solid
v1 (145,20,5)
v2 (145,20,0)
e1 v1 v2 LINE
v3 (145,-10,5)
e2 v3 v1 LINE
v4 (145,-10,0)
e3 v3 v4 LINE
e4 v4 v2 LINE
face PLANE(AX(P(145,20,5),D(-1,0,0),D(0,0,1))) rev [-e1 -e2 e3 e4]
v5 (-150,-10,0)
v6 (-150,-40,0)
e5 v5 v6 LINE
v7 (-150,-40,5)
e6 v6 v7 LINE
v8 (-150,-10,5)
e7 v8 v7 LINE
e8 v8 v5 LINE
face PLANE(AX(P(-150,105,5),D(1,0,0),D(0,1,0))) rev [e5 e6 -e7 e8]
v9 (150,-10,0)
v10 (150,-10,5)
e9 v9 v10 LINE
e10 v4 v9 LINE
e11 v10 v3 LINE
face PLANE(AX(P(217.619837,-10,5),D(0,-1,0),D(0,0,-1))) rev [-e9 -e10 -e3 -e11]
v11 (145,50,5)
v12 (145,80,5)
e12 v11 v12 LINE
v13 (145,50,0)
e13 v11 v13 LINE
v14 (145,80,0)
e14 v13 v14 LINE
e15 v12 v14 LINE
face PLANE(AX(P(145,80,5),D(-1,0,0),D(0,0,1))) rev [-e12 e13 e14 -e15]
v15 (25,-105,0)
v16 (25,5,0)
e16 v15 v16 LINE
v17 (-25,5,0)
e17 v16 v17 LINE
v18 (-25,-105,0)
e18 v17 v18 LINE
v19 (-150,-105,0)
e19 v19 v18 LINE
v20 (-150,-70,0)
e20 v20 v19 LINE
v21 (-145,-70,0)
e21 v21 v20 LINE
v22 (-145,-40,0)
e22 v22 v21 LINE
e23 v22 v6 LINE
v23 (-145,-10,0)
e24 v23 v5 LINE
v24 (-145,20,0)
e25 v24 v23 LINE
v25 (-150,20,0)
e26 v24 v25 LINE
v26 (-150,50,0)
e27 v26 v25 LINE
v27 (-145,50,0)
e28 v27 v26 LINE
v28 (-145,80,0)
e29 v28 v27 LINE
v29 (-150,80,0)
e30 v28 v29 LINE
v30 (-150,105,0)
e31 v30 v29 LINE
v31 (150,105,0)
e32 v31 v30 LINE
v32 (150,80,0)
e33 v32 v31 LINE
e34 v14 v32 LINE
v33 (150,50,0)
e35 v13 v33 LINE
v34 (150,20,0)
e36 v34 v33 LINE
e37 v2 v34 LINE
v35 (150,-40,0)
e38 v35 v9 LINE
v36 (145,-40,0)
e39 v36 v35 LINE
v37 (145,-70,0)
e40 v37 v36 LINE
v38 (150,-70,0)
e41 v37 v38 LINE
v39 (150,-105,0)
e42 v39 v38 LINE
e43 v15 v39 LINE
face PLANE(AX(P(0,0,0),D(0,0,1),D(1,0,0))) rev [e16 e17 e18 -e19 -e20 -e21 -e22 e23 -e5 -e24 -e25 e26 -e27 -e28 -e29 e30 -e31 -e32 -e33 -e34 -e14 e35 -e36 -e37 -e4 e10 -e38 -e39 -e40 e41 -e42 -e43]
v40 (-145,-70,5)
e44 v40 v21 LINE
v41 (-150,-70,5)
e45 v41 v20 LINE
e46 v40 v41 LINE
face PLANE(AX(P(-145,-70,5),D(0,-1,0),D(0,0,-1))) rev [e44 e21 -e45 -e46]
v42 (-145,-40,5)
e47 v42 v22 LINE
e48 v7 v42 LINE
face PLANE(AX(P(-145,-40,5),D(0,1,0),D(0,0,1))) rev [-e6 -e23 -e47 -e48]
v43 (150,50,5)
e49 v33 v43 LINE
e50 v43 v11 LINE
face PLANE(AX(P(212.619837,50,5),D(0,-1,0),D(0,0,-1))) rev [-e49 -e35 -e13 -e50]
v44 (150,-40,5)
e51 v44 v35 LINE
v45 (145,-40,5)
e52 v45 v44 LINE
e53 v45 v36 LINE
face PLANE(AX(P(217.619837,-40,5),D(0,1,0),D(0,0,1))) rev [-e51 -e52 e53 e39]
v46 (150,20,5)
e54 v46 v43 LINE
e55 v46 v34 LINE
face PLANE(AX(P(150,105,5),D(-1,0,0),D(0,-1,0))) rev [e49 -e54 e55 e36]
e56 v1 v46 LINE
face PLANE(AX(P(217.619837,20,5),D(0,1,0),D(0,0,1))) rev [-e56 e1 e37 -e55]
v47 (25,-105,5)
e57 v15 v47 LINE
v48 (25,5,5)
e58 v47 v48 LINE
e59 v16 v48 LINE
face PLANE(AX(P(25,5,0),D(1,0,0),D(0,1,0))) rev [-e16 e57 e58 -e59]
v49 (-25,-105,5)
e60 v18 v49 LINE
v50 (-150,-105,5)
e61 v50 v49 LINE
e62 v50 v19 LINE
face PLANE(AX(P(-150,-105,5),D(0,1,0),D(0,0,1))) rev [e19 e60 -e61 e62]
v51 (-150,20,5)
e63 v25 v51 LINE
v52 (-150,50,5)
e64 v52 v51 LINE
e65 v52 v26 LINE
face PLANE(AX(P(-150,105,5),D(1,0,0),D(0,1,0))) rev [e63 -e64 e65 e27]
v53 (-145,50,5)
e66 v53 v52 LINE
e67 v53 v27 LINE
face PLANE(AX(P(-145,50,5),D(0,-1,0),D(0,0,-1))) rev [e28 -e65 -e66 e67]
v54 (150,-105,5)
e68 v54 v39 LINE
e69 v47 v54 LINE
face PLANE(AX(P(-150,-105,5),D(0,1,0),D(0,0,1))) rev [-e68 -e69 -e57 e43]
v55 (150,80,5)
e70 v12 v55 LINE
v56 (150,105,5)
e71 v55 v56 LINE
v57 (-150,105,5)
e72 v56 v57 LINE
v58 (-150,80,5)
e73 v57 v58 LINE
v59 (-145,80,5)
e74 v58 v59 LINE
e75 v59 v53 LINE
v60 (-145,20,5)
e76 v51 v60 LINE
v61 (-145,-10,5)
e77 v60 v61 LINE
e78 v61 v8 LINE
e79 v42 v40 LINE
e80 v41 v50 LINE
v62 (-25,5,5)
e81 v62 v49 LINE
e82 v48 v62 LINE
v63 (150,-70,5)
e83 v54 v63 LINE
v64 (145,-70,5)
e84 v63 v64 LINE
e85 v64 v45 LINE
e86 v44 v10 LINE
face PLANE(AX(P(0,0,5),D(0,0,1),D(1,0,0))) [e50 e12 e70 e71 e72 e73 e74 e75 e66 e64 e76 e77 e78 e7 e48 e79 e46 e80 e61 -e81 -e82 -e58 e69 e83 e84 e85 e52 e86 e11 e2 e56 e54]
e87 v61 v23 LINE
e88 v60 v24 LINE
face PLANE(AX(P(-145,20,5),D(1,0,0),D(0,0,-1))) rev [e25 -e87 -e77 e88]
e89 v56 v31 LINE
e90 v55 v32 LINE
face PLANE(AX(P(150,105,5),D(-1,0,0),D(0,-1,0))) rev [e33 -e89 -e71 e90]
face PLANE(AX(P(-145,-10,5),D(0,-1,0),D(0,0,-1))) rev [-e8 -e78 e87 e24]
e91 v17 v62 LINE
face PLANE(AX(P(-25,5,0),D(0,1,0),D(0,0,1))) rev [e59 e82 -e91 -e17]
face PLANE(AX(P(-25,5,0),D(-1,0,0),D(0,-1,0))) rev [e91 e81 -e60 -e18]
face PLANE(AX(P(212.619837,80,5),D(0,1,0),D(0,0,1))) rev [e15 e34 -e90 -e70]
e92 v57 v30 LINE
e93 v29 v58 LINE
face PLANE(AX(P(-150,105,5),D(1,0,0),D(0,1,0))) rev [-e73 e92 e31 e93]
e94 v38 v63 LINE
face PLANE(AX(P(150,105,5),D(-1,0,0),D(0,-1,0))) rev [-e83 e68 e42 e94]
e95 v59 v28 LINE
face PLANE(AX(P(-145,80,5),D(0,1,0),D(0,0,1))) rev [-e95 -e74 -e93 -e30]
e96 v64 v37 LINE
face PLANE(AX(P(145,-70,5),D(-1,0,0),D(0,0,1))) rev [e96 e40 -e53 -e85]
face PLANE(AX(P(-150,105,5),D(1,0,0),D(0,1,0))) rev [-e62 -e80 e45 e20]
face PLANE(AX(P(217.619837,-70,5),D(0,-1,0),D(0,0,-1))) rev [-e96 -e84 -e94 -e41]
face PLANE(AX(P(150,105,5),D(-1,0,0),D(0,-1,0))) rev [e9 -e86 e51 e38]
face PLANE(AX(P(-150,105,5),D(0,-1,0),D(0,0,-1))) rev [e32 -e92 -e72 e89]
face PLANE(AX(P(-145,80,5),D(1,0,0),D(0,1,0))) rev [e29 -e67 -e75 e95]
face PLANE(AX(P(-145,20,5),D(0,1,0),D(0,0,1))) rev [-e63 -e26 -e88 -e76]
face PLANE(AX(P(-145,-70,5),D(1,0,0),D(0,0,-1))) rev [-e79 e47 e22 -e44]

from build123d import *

# Parameters (mm, degrees)
SKETCH1_W           = 300
SKETCH1_H           = 210
BOSS_EXTRUDE1_DEPTH = 5
SKETCH2_W           = 67.619836516
SKETCH2_H           = 30
SKETCH2_W_2         = 72.619836516
SKETCH2_W_3         = 53.212613818
CUT_EXTRUDE1_DEPTH  = 6
SKETCH3_W           = 50
SKETCH3_H           = 110
CUT_EXTRUDE2_DEPTH  = 6


with BuildPart() as part:
    # Sketch1 → Boss-Extrude1 (new body)
    with BuildSketch(Plane.XY):
        Rectangle(SKETCH1_W, SKETCH1_H)
    extrude(amount=BOSS_EXTRUDE1_DEPTH)

    # Sketch2 → Cut-Extrude1 (cut, through all)
    with BuildSketch(Plane(origin=(0, 0, 0), x_dir=(-1, 0, 0), z_dir=(0, 0, -1))):
        with Locations((-178.809918258, 65)):
            Rectangle(SKETCH2_W, SKETCH2_H)
        with Locations((-181.309918258, 5)):
            Rectangle(SKETCH2_W_2, SKETCH2_H)
        with Locations((-181.309918258, -55)):
            Rectangle(SKETCH2_W_2, SKETCH2_H)
        with Locations((171.606306909, 65)):
            Rectangle(SKETCH2_W_3, SKETCH2_H)
        with Locations((181.309918258, 5)):
            Rectangle(SKETCH2_W_2, SKETCH2_H)
        with Locations((181.309918258, -55)):
            Rectangle(SKETCH2_W_2, SKETCH2_H)
    extrude(amount=-CUT_EXTRUDE1_DEPTH, mode=Mode.SUBTRACT)

    # Sketch3 → Cut-Extrude2 (cut, through all)
    with BuildSketch(Plane.XY.offset(5)):
        with Locations((0, -50)):
            Rectangle(SKETCH3_W, SKETCH3_H)
    extrude(amount=-CUT_EXTRUDE2_DEPTH, mode=Mode.SUBTRACT)


solid = part.part
